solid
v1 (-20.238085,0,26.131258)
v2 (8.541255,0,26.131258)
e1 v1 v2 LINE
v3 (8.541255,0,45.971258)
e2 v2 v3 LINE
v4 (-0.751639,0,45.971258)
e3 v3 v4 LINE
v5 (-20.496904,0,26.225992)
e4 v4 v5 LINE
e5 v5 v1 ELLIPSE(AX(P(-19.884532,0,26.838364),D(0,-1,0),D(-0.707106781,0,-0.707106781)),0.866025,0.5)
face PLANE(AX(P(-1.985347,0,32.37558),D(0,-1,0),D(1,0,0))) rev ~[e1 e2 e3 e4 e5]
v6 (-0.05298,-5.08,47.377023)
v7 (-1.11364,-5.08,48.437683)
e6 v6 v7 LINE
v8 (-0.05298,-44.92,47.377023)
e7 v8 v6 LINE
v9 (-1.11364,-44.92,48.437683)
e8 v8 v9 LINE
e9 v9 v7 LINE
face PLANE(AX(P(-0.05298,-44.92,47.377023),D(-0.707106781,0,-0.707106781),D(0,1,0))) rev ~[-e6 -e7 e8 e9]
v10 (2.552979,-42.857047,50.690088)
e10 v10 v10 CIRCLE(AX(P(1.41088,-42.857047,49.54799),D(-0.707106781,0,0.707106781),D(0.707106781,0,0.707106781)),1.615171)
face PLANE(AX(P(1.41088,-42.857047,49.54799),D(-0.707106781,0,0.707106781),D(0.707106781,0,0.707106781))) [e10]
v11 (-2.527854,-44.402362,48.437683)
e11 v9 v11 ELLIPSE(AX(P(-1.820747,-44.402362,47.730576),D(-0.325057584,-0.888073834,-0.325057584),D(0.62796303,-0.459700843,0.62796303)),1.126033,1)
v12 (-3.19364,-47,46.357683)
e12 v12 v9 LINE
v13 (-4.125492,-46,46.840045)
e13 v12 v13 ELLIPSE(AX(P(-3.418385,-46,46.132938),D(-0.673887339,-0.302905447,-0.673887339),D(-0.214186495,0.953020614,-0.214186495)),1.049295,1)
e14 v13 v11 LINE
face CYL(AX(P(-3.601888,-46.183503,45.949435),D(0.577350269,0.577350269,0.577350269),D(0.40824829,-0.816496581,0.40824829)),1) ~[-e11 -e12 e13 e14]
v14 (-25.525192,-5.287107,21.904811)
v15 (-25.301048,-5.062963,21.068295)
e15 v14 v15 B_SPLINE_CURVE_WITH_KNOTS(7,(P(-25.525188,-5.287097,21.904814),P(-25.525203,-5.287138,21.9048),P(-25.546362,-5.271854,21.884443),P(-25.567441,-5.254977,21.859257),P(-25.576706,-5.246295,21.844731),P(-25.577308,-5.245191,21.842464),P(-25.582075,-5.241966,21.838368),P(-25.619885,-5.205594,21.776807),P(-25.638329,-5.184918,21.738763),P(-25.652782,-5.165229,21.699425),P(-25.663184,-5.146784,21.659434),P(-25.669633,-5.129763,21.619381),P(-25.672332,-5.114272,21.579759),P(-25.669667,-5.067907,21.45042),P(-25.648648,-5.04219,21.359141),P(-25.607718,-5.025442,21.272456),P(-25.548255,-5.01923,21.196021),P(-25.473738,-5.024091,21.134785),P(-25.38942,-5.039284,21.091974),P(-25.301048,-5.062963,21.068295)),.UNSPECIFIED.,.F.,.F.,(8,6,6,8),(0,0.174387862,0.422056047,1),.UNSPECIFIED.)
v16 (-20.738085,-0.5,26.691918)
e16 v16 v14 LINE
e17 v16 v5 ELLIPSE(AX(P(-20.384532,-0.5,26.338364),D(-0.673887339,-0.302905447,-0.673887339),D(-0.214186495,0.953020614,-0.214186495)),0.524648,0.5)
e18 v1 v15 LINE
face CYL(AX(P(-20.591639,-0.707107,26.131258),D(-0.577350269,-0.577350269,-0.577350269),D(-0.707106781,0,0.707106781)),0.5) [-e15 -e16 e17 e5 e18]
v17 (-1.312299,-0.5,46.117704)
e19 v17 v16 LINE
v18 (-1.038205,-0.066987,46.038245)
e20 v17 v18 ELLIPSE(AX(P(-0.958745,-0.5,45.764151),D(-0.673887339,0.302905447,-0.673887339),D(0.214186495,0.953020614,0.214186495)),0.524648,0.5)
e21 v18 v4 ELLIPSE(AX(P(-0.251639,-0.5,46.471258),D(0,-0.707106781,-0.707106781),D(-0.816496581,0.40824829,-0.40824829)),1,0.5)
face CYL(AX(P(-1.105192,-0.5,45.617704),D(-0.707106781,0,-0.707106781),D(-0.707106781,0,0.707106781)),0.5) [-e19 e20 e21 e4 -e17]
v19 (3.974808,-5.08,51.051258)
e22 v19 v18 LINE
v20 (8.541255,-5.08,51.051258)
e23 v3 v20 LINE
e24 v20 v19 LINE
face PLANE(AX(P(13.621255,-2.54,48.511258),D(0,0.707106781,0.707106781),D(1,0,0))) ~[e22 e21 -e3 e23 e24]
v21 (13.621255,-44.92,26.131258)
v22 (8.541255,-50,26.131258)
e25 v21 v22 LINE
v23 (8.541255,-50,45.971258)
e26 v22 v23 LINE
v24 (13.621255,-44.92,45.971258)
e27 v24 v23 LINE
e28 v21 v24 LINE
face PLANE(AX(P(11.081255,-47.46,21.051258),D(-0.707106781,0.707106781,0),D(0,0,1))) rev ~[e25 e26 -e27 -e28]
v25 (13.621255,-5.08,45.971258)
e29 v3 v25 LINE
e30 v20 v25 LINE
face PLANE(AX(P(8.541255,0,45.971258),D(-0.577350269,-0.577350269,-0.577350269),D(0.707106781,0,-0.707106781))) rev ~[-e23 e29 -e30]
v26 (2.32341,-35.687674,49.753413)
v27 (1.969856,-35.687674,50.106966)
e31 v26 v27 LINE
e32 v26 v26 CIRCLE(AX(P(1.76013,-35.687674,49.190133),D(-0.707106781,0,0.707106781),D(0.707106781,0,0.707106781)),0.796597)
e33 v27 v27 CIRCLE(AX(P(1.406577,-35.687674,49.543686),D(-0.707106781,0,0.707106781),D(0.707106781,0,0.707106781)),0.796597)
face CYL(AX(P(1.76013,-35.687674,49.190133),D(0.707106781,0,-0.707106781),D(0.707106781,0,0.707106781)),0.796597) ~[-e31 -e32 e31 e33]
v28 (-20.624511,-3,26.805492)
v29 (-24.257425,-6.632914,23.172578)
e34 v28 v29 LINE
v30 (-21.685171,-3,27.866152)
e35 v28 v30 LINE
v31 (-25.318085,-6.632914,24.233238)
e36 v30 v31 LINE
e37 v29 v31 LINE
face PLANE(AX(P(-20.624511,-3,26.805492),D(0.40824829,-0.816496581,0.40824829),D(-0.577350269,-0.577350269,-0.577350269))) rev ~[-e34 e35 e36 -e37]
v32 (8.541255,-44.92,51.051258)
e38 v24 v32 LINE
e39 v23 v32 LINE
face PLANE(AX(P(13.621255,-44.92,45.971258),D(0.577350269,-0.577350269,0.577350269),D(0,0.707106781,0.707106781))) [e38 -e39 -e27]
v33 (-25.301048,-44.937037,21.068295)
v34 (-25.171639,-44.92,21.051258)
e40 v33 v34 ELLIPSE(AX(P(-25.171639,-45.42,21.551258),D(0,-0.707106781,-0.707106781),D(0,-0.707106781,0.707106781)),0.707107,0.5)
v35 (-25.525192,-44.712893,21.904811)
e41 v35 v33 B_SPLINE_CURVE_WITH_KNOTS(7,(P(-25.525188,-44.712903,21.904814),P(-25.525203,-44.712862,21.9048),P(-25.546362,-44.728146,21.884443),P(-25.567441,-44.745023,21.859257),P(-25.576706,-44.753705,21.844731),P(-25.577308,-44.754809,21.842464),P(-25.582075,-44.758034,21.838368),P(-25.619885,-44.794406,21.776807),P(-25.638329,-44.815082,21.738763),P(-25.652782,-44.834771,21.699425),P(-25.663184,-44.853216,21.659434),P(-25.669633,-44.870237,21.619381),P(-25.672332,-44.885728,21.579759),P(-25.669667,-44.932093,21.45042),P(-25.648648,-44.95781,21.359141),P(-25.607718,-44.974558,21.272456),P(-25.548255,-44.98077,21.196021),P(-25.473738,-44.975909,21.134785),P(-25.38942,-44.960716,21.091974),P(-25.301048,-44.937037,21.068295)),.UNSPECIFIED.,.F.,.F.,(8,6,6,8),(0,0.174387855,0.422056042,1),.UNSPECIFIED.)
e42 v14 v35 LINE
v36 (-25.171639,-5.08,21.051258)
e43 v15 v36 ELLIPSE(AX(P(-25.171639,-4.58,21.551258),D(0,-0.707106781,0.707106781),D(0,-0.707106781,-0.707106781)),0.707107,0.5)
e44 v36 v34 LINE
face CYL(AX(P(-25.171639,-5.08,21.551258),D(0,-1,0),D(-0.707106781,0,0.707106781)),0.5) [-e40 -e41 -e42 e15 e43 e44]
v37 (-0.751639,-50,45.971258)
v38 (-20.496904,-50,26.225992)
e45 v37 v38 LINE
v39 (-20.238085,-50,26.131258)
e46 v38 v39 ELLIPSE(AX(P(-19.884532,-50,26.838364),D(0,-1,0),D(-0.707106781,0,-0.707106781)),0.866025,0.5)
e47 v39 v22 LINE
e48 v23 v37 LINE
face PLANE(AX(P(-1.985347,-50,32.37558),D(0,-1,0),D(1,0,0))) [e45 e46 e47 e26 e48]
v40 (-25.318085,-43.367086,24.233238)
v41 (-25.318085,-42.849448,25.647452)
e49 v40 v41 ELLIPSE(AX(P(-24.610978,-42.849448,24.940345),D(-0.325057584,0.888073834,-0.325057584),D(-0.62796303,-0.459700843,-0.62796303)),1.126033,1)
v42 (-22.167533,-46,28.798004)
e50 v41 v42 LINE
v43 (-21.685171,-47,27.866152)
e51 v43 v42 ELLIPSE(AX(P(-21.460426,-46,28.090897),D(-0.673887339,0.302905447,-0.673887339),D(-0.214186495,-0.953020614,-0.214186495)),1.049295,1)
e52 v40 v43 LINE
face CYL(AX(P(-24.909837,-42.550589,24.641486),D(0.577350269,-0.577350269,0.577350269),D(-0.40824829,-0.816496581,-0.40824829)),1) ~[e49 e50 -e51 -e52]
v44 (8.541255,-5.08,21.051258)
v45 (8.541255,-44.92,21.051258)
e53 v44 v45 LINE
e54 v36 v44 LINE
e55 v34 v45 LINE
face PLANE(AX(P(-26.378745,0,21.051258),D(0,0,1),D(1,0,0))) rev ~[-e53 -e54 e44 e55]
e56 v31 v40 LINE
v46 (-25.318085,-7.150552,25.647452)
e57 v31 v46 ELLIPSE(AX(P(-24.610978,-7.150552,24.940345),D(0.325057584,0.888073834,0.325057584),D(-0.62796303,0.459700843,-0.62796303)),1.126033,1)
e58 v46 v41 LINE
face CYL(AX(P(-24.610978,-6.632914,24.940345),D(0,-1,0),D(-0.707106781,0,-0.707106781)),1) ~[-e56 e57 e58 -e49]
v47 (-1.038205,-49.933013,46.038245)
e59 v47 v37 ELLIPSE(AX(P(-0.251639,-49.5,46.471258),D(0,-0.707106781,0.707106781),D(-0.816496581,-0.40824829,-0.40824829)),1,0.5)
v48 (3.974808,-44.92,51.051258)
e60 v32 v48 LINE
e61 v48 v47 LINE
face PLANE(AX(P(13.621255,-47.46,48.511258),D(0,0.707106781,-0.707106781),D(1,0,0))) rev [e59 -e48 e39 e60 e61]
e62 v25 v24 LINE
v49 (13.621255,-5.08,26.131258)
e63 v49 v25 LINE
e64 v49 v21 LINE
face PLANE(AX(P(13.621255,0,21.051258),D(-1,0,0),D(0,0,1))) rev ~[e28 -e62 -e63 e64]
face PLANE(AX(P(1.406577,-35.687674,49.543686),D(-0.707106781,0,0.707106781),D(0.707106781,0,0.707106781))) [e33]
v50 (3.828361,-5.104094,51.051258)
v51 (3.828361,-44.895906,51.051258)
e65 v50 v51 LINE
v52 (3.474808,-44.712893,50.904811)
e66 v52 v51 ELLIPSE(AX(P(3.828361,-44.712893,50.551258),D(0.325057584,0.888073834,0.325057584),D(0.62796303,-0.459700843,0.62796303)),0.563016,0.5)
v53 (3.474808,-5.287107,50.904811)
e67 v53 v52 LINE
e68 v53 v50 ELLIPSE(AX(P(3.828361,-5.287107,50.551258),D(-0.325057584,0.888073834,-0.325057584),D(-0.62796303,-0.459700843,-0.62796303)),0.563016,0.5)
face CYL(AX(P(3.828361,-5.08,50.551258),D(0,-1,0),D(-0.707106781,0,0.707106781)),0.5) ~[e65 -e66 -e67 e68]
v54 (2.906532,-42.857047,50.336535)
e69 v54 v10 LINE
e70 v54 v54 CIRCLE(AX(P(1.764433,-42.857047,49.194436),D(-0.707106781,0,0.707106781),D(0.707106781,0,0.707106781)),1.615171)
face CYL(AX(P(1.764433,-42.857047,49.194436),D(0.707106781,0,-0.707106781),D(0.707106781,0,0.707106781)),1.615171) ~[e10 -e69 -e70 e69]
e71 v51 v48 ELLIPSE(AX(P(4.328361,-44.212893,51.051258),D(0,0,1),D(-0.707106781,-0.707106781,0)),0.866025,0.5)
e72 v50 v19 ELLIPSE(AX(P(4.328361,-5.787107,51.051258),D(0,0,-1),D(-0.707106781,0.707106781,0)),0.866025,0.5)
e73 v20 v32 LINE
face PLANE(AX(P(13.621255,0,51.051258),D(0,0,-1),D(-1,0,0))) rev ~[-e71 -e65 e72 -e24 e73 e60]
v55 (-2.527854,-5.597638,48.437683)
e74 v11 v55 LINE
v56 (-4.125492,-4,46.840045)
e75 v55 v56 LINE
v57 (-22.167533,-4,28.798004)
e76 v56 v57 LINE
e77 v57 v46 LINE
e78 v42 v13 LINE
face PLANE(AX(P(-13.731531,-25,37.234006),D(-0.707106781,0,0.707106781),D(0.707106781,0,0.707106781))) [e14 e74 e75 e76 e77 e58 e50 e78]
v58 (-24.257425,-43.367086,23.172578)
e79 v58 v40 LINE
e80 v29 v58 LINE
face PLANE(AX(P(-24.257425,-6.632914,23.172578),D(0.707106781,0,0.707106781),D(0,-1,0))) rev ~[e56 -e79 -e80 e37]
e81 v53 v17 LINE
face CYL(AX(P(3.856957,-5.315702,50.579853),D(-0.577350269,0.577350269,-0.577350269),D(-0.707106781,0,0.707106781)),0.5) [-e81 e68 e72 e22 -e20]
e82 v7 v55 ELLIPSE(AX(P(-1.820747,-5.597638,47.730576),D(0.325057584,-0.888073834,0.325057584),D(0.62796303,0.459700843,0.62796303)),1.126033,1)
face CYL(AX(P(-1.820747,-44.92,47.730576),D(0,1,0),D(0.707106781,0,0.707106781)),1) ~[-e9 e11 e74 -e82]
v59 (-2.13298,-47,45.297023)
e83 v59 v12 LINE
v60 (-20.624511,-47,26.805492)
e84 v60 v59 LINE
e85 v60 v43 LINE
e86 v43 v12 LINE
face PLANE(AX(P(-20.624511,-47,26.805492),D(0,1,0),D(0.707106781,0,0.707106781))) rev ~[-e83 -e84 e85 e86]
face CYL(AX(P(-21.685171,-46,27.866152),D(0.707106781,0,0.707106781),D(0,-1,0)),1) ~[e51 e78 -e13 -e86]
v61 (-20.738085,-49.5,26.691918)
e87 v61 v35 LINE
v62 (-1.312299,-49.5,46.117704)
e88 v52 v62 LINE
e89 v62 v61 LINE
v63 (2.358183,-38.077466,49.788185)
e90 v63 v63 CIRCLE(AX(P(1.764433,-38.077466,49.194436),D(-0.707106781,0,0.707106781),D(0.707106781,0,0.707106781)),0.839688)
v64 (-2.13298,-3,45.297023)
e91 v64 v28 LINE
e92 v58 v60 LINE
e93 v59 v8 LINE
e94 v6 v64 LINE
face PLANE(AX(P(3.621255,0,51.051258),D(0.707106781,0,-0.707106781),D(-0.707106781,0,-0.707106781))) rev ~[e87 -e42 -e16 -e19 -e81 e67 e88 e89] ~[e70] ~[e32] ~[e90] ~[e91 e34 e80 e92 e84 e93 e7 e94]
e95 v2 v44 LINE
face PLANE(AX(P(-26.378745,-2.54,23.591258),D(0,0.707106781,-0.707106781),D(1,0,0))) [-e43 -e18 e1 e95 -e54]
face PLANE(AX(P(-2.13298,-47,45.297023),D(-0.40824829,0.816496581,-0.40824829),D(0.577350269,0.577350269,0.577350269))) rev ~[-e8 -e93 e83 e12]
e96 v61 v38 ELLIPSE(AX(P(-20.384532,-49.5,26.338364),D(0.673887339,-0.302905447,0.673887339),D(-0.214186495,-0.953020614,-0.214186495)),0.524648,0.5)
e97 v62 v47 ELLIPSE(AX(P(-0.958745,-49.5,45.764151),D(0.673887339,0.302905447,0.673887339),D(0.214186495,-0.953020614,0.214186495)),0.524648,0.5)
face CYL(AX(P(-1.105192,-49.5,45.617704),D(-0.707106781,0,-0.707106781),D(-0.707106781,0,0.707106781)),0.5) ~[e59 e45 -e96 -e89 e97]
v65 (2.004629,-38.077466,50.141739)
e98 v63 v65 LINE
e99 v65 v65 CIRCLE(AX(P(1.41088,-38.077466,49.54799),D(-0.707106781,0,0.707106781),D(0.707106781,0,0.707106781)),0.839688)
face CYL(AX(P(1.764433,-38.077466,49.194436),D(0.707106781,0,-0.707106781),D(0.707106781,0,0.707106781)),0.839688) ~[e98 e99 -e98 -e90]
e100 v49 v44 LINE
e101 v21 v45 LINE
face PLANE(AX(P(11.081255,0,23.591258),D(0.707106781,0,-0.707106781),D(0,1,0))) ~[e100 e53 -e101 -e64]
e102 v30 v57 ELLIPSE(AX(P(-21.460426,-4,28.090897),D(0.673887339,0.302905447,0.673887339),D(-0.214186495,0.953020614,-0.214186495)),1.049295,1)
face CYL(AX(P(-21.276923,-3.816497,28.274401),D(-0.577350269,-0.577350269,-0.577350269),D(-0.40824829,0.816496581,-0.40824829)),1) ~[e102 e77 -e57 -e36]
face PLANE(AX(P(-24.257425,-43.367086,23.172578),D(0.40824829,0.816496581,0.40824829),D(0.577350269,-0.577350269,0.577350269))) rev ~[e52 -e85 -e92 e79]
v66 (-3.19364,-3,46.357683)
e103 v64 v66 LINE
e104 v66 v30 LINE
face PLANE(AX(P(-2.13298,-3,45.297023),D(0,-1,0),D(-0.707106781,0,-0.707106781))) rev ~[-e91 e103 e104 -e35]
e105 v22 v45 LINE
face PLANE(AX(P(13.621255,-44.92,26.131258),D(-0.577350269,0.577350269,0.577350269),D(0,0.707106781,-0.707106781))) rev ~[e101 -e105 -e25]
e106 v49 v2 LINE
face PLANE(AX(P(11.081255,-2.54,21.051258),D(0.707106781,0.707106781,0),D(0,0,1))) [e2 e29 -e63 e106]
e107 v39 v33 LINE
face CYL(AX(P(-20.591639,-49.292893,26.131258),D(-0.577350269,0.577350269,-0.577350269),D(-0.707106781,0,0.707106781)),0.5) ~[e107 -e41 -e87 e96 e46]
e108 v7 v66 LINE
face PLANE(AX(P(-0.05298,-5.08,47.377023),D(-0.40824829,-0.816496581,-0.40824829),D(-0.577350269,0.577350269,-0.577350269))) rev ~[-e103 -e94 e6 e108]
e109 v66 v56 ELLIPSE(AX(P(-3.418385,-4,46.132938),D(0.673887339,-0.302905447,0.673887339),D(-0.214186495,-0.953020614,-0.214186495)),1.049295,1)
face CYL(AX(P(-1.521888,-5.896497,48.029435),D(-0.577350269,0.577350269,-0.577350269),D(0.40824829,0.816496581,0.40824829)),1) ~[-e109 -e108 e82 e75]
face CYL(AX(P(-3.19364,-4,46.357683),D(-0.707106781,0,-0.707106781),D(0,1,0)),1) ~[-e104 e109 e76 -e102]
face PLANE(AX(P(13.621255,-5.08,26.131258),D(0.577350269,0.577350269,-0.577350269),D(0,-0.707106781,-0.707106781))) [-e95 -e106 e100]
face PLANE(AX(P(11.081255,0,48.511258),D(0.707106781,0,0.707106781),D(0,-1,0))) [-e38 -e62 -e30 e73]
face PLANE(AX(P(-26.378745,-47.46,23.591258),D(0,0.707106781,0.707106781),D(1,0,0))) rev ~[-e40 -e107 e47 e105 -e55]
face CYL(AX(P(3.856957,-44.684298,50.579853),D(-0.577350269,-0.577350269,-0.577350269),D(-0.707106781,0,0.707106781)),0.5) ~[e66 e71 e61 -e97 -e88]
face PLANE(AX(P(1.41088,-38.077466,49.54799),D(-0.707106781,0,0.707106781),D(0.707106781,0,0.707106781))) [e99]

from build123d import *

# Parameters (mm, degrees)
F1_DEPTH = 50
F3_DEPTH = 2.5
F4_R     = 1
F5_R     = 1.6151714505
F5_R_2   = 0.8396882265
F5_R_3   = 0.796597451
F6_DEPTH = 0.5
F7_SIZE  = 5.08
F8_R     = 0.5


with BuildPart() as f1:
    # F0 (on Front) → F1 (new body)
    with BuildSketch(Plane.XZ):
        Polygon((3.6212546234, 51.0512575135), (-26.3787453766, 21.0512575135), (13.6212546234, 21.0512575135), (13.6212546234, 51.0512575135), align=None)
    extrude(amount=F1_DEPTH)

    # F2 (on face) → F3 (join)
    with BuildSketch(Plane(origin=(-23.715001445, 0, 23.715001445), x_dir=(0.7071067812, 0, 0.7071067812), z_dir=(-0.7071067812, 0, 0.7071067812))):
        Polygon((30.521587444, -47), (33.4631516538, -44.92), (33.4631516538, -5.08), (30.521587444, -3), (4.3706138377, -3), (-0.7671027947, -6.6329142706), (-0.7671027947, -43.3670857294), (4.3706138377, -47), align=None)
    extrude(amount=F3_DEPTH)

    # F4
    f4_edges = [f1.edges().sort_by_distance(p)[0] for p in [
        (-13.146512, -3, 37.819024),
        (-2.860747, -45.96, 48.10479),
        (-1.820747, -25, 49.14479),
        (-2.860747, -4.04, 48.10479),
        (-24.208735, -4.816457, 26.756802),
        (-26.025192, -25, 24.940345),
        (-24.208735, -45.183543, 26.756802),
        (-13.146512, -47, 37.819024),
    ]]
    fillet(f4_edges, radius=F4_R)

    # F5 (on face) → F6 (join)
    with BuildSketch(Plane(origin=(-23.715001445, 0, 23.715001445), x_dir=(0.7071067812, 0, 0.7071067812), z_dir=(-0.7071067812, 0, 0.7071067812))):
        with Locations((36.0333621502, -42.8570471704)):
            Circle(F5_R)
        with Locations((36.0333621502, -38.0774661899)):
            Circle(F5_R_2)
        with Locations((36.0272766753, -35.6876738369)):
            Circle(F5_R_3)
    extrude(amount=F6_DEPTH)

    # F7
    f7_edges = [f1.edges().sort_by_distance(p)[0] for p in [
        (-6.378745, 0, 21.051258),
        (-6.378745, -50, 21.051258),
        (8.621255, -50, 51.051258),
        (13.621255, -50, 36.051258),
        (13.621255, -25, 51.051258),
        (8.621255, 0, 51.051258),
        (13.621255, 0, 36.051258),
        (13.621255, -25, 21.051258),
    ]]
    chamfer(f7_edges, length=F7_SIZE)

    # F8
    f8_edges = [f1.edges().sort_by_distance(p)[0] for p in [
        (-26.378745, -25, 21.051258),
        (-23.838745, -2.54, 23.591258),
        (-11.378745, 0, 36.051258),
        (-23.838745, -47.46, 23.591258),
        (-11.378745, -50, 36.051258),
        (1.081255, -47.46, 48.511258),
        (3.621255, -25, 51.051258),
        (1.081255, -2.54, 48.511258),
    ]]
    fillet(f8_edges, radius=F8_R)


solid = f1.part
